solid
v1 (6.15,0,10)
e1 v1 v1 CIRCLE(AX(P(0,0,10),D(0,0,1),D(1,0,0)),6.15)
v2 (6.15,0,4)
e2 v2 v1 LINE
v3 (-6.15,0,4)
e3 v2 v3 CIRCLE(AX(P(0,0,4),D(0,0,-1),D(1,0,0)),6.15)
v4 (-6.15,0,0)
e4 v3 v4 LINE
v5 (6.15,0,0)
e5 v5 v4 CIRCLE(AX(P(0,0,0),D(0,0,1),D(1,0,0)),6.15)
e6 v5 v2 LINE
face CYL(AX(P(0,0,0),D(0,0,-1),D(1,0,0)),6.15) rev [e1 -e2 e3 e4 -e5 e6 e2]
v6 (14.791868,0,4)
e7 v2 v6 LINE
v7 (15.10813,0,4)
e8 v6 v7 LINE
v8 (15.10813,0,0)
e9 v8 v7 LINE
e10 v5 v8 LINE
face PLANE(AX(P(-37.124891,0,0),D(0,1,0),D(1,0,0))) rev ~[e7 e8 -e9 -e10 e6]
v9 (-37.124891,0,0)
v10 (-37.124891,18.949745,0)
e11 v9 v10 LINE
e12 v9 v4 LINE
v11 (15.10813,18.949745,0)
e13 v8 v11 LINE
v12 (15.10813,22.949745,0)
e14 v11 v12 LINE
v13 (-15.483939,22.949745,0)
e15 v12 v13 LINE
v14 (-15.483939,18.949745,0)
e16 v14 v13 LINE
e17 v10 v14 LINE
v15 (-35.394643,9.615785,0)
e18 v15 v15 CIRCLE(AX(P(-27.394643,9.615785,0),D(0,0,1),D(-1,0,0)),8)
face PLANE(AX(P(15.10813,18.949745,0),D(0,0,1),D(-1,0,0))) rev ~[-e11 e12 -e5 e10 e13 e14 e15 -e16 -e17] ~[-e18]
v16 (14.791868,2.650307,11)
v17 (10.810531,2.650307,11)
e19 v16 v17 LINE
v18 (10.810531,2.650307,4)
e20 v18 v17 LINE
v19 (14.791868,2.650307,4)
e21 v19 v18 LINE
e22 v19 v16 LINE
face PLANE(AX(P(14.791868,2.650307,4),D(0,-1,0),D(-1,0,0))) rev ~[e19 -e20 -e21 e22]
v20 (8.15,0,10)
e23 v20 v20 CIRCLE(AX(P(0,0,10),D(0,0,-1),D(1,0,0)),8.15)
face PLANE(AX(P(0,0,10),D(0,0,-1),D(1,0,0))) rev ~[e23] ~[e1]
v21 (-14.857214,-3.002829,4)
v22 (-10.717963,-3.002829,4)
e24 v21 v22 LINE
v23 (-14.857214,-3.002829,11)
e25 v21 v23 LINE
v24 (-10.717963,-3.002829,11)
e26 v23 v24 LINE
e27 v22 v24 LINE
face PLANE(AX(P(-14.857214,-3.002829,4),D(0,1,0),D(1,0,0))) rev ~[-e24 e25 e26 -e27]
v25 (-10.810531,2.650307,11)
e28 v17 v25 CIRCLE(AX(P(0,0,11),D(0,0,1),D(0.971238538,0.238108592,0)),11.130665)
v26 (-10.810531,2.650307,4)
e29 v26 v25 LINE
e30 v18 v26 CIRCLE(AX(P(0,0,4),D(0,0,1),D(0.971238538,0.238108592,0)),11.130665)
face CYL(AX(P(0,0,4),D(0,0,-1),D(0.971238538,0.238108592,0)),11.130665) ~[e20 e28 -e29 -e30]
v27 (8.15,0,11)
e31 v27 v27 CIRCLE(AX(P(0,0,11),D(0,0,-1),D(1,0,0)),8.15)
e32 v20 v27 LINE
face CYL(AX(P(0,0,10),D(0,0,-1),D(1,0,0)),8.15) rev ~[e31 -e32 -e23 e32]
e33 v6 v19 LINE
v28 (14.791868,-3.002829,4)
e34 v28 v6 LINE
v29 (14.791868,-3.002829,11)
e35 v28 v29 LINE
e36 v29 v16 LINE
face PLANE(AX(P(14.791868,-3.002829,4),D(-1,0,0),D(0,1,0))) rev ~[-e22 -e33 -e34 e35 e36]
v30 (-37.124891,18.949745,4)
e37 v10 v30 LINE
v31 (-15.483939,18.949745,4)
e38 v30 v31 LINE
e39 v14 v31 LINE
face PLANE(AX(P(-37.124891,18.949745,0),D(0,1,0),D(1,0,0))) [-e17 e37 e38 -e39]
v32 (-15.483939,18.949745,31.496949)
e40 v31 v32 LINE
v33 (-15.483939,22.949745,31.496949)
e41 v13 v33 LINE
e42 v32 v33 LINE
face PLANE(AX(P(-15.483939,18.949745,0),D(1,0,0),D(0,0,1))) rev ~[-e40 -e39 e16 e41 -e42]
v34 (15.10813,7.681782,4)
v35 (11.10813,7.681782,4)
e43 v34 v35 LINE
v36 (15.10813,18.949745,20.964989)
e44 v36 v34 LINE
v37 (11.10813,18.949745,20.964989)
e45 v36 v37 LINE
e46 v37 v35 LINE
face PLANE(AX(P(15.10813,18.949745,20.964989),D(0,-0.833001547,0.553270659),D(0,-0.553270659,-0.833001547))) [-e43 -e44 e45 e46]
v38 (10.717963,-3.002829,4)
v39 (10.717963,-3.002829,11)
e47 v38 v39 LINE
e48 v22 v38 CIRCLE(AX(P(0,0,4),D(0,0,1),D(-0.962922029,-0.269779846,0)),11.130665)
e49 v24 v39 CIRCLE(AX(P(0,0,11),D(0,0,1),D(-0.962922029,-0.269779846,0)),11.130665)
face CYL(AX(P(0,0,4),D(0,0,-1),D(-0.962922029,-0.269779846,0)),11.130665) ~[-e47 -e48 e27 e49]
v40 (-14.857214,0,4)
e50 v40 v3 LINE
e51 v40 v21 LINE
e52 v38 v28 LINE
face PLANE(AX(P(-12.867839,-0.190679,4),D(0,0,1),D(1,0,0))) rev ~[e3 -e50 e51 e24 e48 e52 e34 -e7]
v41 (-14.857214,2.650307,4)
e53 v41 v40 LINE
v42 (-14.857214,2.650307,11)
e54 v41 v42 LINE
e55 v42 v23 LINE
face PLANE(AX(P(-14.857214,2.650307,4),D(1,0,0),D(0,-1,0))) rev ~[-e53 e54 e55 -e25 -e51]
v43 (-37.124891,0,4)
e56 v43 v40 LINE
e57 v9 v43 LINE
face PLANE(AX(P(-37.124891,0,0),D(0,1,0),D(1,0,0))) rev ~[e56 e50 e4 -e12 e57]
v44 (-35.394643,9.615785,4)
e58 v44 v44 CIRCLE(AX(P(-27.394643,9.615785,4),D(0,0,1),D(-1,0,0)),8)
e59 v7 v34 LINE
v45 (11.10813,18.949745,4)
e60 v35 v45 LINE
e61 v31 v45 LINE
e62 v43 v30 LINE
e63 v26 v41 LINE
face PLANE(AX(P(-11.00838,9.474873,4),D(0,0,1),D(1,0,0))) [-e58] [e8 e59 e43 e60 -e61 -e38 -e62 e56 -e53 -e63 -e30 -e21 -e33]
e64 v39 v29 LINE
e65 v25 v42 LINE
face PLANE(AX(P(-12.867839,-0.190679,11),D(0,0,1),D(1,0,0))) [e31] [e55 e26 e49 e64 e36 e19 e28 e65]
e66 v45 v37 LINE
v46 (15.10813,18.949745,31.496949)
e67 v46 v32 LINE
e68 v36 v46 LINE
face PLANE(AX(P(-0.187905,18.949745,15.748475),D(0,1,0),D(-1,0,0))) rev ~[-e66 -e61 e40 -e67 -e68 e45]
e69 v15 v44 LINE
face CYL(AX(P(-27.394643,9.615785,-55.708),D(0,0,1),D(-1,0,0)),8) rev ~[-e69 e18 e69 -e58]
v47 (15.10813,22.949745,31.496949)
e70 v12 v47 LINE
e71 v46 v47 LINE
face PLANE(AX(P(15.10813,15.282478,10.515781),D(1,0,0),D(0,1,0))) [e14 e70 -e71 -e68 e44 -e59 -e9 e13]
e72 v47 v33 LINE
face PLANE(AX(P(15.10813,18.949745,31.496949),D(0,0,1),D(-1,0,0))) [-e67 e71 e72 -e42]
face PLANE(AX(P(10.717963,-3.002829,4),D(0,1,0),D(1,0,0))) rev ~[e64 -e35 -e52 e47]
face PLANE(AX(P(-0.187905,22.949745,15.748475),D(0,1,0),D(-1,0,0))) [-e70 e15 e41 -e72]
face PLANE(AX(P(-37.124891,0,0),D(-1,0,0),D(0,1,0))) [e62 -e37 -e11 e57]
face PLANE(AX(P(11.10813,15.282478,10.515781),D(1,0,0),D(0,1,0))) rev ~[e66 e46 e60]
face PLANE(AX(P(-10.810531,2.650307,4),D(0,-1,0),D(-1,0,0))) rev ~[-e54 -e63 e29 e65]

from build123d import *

# Parameters (mm, degrees)
F0_W      = 52.233020775
F0_H      = 18.9497452229
F1_DEPTH  = 4
F2_D      = 16
F4_DEPTH  = 7
F5_R      = 6.15
F6_DEPTH  = 10
F7_R      = 8.15
F8_DEPTH  = 3.72
F9_W      = 30.5920690298
F9_H      = 31.4969494939
F10_DEPTH = 4
F12_DEPTH = 4


with BuildPart() as f1:
    # F0 (on Top) → F1 (new body)
    with BuildSketch(Plane.XY):
        with Locations((-11.0083804466, 9.4748726115)):
            Rectangle(F0_W, F0_H)
    extrude(amount=F1_DEPTH)

    # F2 (through all)
    with Locations(Plane(origin=(0, 0, 0), x_dir=(1, 0, 0), z_dir=(0, 0, -1))):
        with Locations((-27.3946430534, -9.6157854423)):
            Hole(F2_D / 2)

    # F3 (on face) → F4 (join)
    with BuildSketch(Plane.XY.offset(4)):
        with BuildLine():
            Line((-10.8105310121, 2.6503070258), (-14.8572139442, 2.6503070258))
            Line((-14.8572139442, 2.6503070258), (-14.8572139442, -3.0028291512))
            Line((-14.8572139442, -3.0028291512), (-10.7179627347, -3.0028291512))
            ThreePointArc((-10.7179627347, -3.0028291512), (-11.1291732807, -0.1822366147), (-10.8105310121, 2.6503070258))
        make_face()
        with BuildLine():
            ThreePointArc((10.8105310121, 2.6503070258), (0, 11.1306652135), (-10.8105310121, 2.6503070258))
            ThreePointArc((-10.8105310121, 2.6503070258), (-11.1291732807, -0.1822366147), (-10.7179627347, -3.0028291512))
            ThreePointArc((-10.7179627347, -3.0028291512), (0, -11.1306652135), (10.7179627347, -3.0028291512))
            ThreePointArc((10.7179627347, -3.0028291512), (11.1291732807, -0.1822366147), (10.8105310121, 2.6503070258))
        make_face()
        with BuildLine():
            Line((14.7918676957, 2.6503070258), (10.8105310121, 2.6503070258))
            ThreePointArc((10.8105310121, 2.6503070258), (11.1291732807, -0.1822366147), (10.7179627347, -3.0028291512))
            Line((10.7179627347, -3.0028291512), (14.7918676957, -3.0028291512))
            Line((14.7918676957, -3.0028291512), (14.7918676957, 2.6503070258))
        make_face()
    extrude(amount=F4_DEPTH)

    # F5 (on Top) → F6 (cut)
    with BuildSketch(Plane.XY):
        Circle(F5_R)
    extrude(amount=F6_DEPTH, mode=Mode.SUBTRACT)

    # F7 (on face) → F8 (cut)
    with BuildSketch(Plane(origin=(0, 0, 10), x_dir=(1, 0, 0), z_dir=(0, 0, -1))):
        Circle(F7_R)
    extrude(amount=-F8_DEPTH, mode=Mode.SUBTRACT)

    # F9 (on face) → F10 (join)
    with BuildSketch(Plane(origin=(0, 18.9497452229, 0), x_dir=(-1, 0, 0), z_dir=(0, 1, 0))):
        with Locations((0.187904574, 15.7484747469)):
            Rectangle(F9_W, F9_H)
    extrude(amount=F10_DEPTH)

    # F11 (on face) → F12 (join)
    with BuildSketch(Plane.YZ.offset(15.1081299409)):
        Polygon((18.9497452229, 20.9649894387), (7.6817818917, 4), (18.9497452229, 4), align=None)
    extrude(amount=-F12_DEPTH)


solid = f1.part
